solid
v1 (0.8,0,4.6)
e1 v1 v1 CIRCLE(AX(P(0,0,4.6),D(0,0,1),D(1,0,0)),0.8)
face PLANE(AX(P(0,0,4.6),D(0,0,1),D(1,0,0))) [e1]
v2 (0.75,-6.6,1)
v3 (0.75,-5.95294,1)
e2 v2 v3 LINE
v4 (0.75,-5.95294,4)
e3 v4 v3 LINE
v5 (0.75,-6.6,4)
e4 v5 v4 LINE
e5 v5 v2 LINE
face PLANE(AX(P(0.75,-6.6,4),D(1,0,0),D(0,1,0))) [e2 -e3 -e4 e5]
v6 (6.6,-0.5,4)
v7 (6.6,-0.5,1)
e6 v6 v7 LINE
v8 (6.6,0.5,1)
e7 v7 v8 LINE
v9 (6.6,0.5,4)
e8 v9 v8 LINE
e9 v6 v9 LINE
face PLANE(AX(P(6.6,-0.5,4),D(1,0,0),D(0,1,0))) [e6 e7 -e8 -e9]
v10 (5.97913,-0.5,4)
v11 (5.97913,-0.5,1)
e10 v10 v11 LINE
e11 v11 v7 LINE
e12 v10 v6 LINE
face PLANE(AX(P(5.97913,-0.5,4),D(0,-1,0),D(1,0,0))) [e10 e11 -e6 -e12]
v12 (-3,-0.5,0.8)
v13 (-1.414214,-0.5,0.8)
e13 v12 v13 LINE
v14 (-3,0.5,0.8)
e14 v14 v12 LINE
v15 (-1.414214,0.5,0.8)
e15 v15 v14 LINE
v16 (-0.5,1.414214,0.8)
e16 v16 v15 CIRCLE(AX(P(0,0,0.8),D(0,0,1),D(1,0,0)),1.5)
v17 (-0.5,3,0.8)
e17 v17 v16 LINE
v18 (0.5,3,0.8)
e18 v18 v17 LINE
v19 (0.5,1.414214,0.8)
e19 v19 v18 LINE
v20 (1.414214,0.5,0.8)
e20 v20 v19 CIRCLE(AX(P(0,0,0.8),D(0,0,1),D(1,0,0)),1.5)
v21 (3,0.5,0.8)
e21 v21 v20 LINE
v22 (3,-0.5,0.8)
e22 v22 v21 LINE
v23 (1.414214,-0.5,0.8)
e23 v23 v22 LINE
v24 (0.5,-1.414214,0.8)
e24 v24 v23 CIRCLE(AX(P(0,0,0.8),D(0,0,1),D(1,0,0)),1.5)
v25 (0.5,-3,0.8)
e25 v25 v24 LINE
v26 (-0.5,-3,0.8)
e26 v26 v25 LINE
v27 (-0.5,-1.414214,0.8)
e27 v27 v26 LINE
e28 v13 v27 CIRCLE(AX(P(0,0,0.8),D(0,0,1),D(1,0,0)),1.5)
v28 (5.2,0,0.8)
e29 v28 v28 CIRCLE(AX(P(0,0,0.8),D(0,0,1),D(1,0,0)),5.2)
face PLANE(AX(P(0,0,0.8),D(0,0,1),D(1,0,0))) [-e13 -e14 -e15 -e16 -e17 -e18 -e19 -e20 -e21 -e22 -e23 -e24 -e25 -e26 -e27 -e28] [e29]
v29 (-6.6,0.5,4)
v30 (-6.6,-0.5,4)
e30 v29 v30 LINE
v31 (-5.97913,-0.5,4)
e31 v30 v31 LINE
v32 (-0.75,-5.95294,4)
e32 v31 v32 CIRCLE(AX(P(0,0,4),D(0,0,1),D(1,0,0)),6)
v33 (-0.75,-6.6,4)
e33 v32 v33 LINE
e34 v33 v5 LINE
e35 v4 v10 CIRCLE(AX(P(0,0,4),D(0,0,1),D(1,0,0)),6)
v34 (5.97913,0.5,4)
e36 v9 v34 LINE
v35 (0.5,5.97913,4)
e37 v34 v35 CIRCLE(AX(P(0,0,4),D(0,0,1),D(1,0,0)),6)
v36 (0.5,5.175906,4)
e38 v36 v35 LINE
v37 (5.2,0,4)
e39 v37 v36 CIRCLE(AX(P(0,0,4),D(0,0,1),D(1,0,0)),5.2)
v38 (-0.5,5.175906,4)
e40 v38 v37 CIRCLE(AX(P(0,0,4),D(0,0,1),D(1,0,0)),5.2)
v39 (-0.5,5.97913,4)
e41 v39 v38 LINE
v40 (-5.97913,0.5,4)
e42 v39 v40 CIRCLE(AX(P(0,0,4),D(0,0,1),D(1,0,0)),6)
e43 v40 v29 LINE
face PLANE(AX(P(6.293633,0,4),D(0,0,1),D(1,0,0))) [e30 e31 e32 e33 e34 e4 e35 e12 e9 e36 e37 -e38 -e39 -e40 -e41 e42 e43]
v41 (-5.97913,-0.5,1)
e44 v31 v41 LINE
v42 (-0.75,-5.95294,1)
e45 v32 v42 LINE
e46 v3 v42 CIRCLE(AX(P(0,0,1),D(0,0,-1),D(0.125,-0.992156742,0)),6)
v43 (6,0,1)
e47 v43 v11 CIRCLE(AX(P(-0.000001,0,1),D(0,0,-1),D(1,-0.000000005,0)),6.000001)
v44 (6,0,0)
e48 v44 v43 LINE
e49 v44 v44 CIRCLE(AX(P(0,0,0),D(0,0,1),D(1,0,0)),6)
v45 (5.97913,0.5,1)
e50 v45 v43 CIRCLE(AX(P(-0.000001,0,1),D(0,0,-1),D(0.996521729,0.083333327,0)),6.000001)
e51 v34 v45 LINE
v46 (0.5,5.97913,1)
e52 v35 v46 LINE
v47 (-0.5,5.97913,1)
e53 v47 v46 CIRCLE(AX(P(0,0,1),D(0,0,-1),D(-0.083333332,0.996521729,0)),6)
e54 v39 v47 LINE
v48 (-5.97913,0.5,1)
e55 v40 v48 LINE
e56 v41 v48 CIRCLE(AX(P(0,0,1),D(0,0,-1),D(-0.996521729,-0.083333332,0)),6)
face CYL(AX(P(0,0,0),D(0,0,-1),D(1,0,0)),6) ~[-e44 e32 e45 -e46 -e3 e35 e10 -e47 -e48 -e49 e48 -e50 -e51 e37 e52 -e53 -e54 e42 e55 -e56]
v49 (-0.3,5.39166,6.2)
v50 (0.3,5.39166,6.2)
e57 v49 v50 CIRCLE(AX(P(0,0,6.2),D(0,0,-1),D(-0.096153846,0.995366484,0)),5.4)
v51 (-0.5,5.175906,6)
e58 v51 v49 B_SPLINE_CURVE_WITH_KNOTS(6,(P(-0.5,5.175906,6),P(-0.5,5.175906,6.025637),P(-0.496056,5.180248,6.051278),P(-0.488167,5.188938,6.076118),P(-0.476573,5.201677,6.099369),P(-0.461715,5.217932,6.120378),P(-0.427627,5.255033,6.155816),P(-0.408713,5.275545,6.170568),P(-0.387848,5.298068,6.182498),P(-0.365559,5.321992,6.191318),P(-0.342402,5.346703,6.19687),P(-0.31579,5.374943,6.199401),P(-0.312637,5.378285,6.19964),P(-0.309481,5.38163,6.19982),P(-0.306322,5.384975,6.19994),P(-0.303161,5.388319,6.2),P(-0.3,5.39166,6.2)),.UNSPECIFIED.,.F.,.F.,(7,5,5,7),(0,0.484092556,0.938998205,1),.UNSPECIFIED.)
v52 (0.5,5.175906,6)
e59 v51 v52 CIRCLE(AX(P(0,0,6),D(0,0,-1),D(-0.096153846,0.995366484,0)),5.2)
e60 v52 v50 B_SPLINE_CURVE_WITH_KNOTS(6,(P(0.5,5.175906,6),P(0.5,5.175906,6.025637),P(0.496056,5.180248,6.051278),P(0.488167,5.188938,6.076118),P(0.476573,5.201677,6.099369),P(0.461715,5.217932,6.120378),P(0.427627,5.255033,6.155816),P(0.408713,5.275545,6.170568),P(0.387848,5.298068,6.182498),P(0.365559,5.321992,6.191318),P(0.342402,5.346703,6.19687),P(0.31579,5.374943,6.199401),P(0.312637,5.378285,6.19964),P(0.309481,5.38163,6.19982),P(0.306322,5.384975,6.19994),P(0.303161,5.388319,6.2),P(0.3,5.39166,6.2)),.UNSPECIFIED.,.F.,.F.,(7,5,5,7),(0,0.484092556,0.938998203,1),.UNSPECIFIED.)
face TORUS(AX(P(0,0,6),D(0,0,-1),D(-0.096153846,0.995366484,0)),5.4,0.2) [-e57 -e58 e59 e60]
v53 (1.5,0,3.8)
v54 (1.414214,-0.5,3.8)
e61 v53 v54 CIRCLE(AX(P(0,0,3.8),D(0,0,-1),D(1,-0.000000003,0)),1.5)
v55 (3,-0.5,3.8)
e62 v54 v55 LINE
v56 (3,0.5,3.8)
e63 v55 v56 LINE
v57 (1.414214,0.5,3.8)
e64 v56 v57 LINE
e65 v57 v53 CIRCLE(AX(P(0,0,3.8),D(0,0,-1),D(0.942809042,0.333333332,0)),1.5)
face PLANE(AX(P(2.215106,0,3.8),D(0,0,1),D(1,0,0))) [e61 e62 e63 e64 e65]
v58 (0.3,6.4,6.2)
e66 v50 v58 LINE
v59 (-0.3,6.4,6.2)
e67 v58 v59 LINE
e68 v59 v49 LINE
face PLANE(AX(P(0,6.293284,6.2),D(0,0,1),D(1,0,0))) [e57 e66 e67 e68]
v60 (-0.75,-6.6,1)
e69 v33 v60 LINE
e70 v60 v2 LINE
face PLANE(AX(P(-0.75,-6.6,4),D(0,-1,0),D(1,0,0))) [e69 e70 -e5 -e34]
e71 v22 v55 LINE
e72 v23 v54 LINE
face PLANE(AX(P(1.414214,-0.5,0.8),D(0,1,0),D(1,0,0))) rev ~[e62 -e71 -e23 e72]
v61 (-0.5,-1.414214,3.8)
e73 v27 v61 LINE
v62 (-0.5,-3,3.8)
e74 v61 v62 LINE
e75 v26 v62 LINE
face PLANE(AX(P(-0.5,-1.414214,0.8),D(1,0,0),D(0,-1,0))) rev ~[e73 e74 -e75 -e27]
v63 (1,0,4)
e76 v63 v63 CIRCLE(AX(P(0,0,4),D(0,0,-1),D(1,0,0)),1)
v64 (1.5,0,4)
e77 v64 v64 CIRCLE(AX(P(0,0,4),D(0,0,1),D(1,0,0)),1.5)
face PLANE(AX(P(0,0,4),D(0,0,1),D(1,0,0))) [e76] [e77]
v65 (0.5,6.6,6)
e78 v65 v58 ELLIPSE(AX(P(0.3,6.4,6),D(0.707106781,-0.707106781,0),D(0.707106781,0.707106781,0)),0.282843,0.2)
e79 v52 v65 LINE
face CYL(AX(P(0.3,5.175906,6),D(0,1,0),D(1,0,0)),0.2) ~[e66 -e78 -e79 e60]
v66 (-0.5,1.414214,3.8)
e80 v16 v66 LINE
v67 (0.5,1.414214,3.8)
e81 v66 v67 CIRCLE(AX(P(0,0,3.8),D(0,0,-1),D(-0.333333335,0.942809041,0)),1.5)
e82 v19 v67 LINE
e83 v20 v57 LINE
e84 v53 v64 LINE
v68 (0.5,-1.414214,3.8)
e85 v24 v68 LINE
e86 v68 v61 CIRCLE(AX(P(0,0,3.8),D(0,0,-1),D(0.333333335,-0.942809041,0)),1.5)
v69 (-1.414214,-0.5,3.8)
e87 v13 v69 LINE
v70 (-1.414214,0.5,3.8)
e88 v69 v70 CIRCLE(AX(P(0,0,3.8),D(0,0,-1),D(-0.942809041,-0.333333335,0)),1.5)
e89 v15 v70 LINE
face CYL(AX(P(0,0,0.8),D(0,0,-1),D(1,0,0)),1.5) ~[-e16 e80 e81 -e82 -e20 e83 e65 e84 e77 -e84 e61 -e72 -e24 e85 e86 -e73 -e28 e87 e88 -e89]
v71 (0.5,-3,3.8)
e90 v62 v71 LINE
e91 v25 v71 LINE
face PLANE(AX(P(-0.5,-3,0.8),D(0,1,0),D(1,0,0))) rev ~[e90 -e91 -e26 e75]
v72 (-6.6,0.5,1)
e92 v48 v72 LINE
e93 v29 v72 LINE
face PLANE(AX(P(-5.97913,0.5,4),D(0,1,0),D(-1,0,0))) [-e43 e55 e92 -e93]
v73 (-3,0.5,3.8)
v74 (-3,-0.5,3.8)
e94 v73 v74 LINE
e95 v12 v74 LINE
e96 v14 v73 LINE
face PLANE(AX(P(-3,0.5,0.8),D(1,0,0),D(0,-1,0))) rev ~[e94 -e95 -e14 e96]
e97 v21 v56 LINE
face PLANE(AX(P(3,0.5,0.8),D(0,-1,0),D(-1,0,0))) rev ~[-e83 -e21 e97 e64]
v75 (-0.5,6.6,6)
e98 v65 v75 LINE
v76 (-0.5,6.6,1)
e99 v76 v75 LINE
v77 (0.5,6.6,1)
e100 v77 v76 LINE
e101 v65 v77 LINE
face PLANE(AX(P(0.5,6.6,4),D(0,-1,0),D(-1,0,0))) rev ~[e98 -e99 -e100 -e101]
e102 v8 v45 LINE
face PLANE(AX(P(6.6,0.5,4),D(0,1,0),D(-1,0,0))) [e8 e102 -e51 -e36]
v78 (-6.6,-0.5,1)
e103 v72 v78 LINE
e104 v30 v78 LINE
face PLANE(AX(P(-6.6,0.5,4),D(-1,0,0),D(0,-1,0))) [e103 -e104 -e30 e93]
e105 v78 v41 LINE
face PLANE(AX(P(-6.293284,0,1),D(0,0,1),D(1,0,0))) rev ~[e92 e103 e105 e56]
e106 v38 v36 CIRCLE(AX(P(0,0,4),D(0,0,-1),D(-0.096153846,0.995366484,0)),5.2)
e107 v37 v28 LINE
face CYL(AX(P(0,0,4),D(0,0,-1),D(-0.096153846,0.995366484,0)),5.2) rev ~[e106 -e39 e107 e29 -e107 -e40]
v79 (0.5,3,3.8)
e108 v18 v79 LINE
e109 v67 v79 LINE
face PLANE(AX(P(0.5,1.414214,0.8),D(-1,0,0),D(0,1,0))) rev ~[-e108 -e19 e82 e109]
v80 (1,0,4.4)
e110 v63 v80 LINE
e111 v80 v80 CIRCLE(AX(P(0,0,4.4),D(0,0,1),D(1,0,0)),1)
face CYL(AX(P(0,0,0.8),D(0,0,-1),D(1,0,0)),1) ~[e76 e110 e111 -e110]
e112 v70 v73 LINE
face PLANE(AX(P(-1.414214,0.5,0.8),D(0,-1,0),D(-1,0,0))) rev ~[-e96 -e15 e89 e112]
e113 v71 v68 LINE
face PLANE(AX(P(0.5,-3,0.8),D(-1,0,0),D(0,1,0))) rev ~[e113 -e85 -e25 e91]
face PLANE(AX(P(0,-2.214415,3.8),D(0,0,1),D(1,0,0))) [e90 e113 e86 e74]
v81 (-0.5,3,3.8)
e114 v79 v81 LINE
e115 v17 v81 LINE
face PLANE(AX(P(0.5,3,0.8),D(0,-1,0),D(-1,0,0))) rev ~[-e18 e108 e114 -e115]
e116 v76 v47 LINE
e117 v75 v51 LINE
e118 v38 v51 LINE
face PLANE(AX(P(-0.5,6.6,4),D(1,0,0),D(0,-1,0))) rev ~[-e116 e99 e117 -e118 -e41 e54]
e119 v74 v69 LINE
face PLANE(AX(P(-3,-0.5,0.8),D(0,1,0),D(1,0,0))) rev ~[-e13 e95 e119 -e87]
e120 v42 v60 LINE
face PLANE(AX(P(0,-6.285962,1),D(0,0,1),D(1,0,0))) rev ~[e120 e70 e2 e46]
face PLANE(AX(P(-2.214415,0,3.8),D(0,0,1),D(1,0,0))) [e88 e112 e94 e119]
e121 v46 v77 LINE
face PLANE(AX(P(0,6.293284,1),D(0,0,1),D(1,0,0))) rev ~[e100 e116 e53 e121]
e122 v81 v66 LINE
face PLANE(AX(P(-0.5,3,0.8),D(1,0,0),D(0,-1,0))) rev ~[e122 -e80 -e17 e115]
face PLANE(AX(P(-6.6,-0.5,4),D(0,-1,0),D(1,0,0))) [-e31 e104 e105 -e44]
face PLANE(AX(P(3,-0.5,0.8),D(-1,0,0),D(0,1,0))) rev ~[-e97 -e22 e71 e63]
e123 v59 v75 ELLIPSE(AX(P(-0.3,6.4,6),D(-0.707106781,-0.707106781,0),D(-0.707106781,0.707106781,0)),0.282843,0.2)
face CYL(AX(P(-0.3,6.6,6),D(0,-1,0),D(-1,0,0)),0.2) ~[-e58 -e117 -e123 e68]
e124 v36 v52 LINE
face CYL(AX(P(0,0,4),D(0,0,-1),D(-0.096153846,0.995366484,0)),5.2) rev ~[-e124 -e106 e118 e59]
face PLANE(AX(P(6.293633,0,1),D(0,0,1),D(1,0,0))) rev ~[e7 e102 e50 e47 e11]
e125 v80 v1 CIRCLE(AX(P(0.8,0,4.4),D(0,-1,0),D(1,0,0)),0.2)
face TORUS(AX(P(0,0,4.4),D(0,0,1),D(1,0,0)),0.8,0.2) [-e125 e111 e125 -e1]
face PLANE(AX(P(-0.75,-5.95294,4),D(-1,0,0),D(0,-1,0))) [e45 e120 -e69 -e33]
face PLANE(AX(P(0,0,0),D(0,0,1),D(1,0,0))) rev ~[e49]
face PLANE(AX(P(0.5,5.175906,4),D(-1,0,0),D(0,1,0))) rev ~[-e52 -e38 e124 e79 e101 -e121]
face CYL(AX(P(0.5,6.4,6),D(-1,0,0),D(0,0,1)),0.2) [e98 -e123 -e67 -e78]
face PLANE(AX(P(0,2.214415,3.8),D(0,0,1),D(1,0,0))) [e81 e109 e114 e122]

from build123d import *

# Parameters (mm, degrees)
SKETCH_4_R          = 6
EXTRUDE_7_DEPTH     = 4
SKETCH_6_R          = 5.2
CUT_EXTRUDE_3_DEPTH = 3.2
EXTRUDE_8_DEPTH     = 3
EXTRUDE_9_DEPTH     = 2.2
SKETCH_8_R          = 1.5
EXTRUDE_10_DEPTH    = 3.2
EXTRUDE_11_DEPTH    = 3
SKETCH_8_8_R        = 1
EXTRUDE_12_DEPTH    = 3.8
FILLET_1_R          = 0.2


with BuildPart() as part:
    # Sketch 4 → Extrude 7 (new body)
    with BuildSketch(Plane.XY):
        Circle(SKETCH_4_R)
    extrude(amount=EXTRUDE_7_DEPTH)

    # Sketch 6 → Cut-Extrude 3 (cut)
    with BuildSketch(Plane.XY.offset(4)):
        Circle(SKETCH_6_R)
    extrude(amount=-CUT_EXTRUDE_3_DEPTH, mode=Mode.SUBTRACT)

    # Sketch 7 → Extrude 8 (add)
    with BuildSketch(Plane.XY.offset(4)):
        with BuildLine():
            Line((0.5, 6.6), (-0.5, 6.6))
            Line((-0.5, 6.6), (-0.5, 5.979130372))
            ThreePointArc((-0.5, 5.979130372), (0, 6), (0.5, 5.979130372))
            Line((0.5, 5.979130372), (0.5, 6.6))
        make_face()
        with BuildLine():
            ThreePointArc((0.75, -5.95294045), (0, -6), (-0.75, -5.95294045))
            Line((-0.75, -5.95294045), (-0.75, -6.6))
            Line((-0.75, -6.6), (0.75, -6.6))
            Line((0.75, -6.6), (0.75, -5.95294045))
        make_face()
        with BuildLine():
            ThreePointArc((-5.979130372, -0.5), (-6, 0), (-5.979130372, 0.5))
            Line((-5.979130372, 0.5), (-6.6, 0.5))
            Line((-6.6, 0.5), (-6.6, -0.5))
            Line((-6.6, -0.5), (-5.979130372, -0.5))
        make_face()
        with BuildLine():
            Line((6.6, 0.5), (5.979130372, 0.5))
            ThreePointArc((5.979130372, 0.5), (5.994780322, 0.250217676), (6, 0))
            ThreePointArc((6, 0), (5.994780322, -0.250217676), (5.979130372, -0.5))
            Line((5.979130372, -0.5), (6.6, -0.5))
            Line((6.6, -0.5), (6.6, 0.5))
        make_face()
    extrude(amount=-EXTRUDE_8_DEPTH)

    # Sketch 7_3 → Extrude 9 (add)
    with BuildSketch(Plane.XY.offset(4)):
        with BuildLine():
            Line((0.5, 6.6), (-0.5, 6.6))
            Line((-0.5, 6.6), (-0.5, 5.979130372))
            ThreePointArc((-0.5, 5.979130372), (0, 6), (0.5, 5.979130372))
            Line((0.5, 5.979130372), (0.5, 6.6))
        make_face()
        with BuildLine():
            ThreePointArc((0.5, 5.979130372), (0, 6), (-0.5, 5.979130372))
            Line((-0.5, 5.979130372), (-0.5, 5.175905718))
            ThreePointArc((-0.5, 5.175905718), (0, 5.2), (0.5, 5.175905718))
            Line((0.5, 5.175905718), (0.5, 5.979130372))
        make_face()
    extrude(amount=EXTRUDE_9_DEPTH)

    # Sketch 8 → Extrude 10 (add)
    with BuildSketch(Plane.XY.offset(0.8)):
        Circle(SKETCH_8_R)
    extrude(amount=EXTRUDE_10_DEPTH)

    # Sketch 8_3 → Extrude 11 (add)
    with BuildSketch(Plane.XY.offset(0.8)):
        with BuildLine():
            Line((-1.414213562, 0.5), (-3, 0.5))
            Line((-3, 0.5), (-3, -0.5))
            Line((-3, -0.5), (-1.414213562, -0.5))
            ThreePointArc((-1.414213562, -0.5), (-1.5, 0), (-1.414213562, 0.5))
        make_face()
        with BuildLine():
            Line((-0.5, 3), (-0.5, 1.414213562))
            ThreePointArc((-0.5, 1.414213562), (0, 1.5), (0.5, 1.414213562))
            Line((0.5, 1.414213562), (0.5, 3))
            Line((0.5, 3), (-0.5, 3))
        make_face()
        with BuildLine():
            Line((3, 0.5), (1.414213562, 0.5))
            ThreePointArc((1.414213562, 0.5), (1.478397839, 0.253652968), (1.5, 0))
            ThreePointArc((1.5, 0), (1.478397839, -0.253652968), (1.414213562, -0.5))
            Line((1.414213562, -0.5), (3, -0.5))
            Line((3, -0.5), (3, 0.5))
        make_face()
        with BuildLine():
            ThreePointArc((0.5, -1.414213562), (0, -1.5), (-0.5, -1.414213562))
            Line((-0.5, -1.414213562), (-0.5, -3))
            Line((-0.5, -3), (0.5, -3))
            Line((0.5, -3), (0.5, -1.414213562))
        make_face()
    extrude(amount=EXTRUDE_11_DEPTH)

    # Sketch 8_8 → Extrude 12 (add)
    with BuildSketch(Plane.XY.offset(0.8)):
        Circle(SKETCH_8_8_R)
    extrude(amount=EXTRUDE_12_DEPTH)

    # Fillet 1
    fillet_1_edges = [part.edges().sort_by_distance(p)[0] for p in [
        (-1, 0, 4.6),
        (0.5, 5.887952859, 6.2),
        (0, 6.6, 6.2),
        (-0.5, 5.887952859, 6.2),
        (0, 5.2, 6.2),
    ]]
    fillet(fillet_1_edges, radius=FILLET_1_R)


solid = part.part
